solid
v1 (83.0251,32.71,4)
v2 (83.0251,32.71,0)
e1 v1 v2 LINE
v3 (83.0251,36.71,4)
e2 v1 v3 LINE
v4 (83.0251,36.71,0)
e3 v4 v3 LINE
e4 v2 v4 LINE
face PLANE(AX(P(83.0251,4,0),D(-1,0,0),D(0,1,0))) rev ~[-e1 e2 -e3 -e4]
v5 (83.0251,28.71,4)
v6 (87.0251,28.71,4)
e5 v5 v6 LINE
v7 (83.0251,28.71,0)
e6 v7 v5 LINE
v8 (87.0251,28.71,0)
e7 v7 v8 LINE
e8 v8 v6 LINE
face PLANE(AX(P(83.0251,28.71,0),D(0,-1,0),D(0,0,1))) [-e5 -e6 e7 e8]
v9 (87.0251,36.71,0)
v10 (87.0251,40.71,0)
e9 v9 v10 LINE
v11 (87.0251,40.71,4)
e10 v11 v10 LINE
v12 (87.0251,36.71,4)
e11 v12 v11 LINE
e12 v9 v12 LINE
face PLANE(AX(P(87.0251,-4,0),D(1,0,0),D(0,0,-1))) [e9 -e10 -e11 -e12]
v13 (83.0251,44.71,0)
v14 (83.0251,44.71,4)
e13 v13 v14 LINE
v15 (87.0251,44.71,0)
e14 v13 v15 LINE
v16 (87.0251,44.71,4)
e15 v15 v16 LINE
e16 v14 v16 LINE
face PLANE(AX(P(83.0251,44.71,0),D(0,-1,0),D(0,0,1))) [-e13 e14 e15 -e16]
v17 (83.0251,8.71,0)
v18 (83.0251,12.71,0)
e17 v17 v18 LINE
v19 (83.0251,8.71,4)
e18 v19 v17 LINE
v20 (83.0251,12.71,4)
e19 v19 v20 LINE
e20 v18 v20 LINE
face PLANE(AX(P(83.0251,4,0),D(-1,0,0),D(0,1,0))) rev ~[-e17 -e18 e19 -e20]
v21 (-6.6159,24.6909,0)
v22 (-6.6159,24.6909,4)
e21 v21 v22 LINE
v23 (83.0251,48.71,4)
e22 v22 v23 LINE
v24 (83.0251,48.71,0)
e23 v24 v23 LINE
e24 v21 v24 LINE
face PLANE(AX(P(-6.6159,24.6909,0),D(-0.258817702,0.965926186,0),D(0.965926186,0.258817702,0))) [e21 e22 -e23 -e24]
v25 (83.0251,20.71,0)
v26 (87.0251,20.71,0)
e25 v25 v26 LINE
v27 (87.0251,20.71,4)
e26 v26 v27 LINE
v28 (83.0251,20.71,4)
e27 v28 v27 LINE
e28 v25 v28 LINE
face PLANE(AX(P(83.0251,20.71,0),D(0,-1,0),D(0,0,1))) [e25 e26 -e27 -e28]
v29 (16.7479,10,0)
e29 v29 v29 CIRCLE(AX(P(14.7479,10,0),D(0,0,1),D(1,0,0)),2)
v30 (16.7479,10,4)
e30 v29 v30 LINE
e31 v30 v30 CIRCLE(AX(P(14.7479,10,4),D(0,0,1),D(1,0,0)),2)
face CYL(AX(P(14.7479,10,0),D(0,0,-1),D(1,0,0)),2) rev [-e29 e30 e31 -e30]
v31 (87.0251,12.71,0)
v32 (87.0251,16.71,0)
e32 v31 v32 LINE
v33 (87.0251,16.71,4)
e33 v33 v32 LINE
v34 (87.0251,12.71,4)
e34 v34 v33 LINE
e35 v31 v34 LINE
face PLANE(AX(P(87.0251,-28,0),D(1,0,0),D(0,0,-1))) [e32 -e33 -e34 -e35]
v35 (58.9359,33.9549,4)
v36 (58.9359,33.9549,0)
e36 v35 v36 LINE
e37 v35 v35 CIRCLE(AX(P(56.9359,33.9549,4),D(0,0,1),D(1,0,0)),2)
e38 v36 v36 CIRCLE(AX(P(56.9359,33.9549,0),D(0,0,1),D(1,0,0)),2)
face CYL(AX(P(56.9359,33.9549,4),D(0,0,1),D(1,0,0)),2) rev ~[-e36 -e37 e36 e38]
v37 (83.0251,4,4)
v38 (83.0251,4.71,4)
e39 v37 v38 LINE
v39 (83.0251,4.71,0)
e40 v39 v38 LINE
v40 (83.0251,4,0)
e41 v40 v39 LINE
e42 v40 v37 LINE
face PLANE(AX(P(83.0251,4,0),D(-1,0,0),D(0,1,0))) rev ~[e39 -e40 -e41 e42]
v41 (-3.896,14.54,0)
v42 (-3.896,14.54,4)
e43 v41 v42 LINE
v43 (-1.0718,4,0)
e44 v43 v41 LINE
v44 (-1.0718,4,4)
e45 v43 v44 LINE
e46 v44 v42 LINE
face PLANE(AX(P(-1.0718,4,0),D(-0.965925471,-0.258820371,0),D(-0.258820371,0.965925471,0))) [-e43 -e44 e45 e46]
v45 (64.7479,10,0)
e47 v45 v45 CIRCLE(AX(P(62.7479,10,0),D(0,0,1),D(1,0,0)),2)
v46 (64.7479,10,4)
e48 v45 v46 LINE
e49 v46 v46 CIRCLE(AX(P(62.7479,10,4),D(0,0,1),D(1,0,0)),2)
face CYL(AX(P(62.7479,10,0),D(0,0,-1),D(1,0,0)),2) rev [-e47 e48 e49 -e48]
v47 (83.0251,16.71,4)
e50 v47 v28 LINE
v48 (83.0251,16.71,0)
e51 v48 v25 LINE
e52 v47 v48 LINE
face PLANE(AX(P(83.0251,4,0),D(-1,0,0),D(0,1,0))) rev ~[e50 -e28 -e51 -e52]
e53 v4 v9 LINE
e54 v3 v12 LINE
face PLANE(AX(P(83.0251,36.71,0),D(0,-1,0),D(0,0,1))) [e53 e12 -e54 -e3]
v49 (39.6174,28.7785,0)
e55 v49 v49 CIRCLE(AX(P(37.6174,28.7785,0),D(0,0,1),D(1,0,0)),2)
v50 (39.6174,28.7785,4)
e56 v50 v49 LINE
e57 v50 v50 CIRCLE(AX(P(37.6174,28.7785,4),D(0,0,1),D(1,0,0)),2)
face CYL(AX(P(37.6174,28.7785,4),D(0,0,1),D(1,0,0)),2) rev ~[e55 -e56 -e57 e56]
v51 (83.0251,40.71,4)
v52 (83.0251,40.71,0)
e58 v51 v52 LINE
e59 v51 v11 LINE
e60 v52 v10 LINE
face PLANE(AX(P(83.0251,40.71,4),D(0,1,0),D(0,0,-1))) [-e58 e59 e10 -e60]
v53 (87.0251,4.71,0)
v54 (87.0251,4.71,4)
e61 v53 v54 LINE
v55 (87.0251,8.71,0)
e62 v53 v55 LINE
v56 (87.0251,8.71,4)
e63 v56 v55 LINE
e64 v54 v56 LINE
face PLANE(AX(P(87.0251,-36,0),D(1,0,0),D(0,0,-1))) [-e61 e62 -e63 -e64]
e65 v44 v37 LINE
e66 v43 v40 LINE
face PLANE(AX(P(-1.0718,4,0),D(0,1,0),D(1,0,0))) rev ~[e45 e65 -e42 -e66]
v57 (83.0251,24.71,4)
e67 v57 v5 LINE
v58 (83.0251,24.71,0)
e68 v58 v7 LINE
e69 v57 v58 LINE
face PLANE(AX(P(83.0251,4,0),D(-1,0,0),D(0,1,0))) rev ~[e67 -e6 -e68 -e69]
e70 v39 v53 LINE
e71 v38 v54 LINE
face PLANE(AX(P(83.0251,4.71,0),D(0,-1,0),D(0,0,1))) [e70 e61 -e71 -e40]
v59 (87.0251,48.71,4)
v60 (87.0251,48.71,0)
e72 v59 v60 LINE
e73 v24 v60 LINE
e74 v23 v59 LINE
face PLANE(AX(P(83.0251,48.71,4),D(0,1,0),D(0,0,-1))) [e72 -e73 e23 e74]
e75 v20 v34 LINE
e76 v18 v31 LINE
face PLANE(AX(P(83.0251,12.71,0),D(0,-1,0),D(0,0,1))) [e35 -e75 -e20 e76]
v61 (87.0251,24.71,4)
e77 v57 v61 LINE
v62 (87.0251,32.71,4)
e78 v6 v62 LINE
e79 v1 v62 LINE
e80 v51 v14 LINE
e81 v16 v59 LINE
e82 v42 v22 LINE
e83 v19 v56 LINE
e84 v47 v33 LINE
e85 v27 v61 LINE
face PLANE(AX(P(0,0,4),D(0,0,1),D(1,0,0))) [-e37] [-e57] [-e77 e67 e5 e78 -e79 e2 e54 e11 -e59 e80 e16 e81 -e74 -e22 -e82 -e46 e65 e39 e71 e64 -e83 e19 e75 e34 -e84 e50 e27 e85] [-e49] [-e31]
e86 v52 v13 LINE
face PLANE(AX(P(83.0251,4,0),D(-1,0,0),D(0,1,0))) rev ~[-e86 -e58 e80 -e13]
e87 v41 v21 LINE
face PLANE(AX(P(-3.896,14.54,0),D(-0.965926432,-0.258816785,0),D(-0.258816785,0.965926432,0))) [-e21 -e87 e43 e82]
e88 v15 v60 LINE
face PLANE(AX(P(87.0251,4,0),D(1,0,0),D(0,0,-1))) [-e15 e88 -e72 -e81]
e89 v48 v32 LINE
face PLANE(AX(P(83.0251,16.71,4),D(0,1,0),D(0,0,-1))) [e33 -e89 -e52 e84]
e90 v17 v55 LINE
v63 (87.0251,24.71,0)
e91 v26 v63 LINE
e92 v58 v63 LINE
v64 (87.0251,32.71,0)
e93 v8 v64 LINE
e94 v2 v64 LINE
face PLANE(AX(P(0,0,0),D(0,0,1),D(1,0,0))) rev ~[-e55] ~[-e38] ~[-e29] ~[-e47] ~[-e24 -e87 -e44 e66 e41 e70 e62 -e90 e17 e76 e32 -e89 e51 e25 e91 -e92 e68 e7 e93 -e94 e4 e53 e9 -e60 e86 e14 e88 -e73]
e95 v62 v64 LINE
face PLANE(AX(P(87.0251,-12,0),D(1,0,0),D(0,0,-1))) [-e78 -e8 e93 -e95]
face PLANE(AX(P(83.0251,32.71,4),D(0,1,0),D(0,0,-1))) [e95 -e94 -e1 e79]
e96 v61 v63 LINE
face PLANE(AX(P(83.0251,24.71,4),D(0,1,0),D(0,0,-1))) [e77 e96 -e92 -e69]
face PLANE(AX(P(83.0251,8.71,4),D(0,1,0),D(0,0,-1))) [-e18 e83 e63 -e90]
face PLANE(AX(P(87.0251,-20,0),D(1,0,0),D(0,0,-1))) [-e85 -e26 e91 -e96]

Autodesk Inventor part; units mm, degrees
ref_plane "YZ Plane" through (0, 0, 0) normal (1, 0, 0) x (0, 1, 0)
ref_plane "XZ Plane" through (0, 0, 0) normal (0, 1, 0) x (-1, 0, 0)
ref_plane "XY Plane" through (0, 0, 0) normal (0, 0, 1) x (1, 0, 0)
sketch "Эскиз1" plane through (0, 0, 0) normal (0, 0, 1) x (1, 0, 0)
  line L0 (-1.0718, 4) -> (83.0251, 4)
  circle A0 centre (14.7479, 10) radius 2
  circle A1 centre (62.7479, 10) radius 2
  line L1 (-1.0718, 4) -> (-3.896, 14.54)
  line L2 (83.0251, 4) -> (83.0251, 48.71)
  line L3 (-3.896, 14.54) -> (-6.6159, 24.6909)
  line L4 (-6.6159, 24.6909) -> (83.0251, 48.71)
  dimension "d0" = 10.509
extrude "Выдавливание1" add sketch "Эскиз1" along normal blind 4
sketch "Эскиз2" plane through (83.0251, 4, 0) normal (1, 0, 0) x (0, 0, -1)
  line L0 (-4, 0) -> (-4, 44.71) projected
  line L1 (0, 0) -> (0, 44.71) projected
  line L2 (-4, 44.71) -> (0, 44.71)
  line L3 (0, 44.71) -> (0, 40.71)
  line L4 (0, 40.71) -> (-4, 40.71)
  line L5 (-4, 40.71) -> (-4, 44.71)
  point P0 (0, -4)
  point P1 (-4, 40.71)
  dimension "d3" = 4
extrude "Выдавливание2" add sketch "Эскиз2" along normal blind 4
pattern_linear "Прямоуг.массив1" count 6 spacing 8 along (0, -1, 0) of "Выдавливание2"
sketch "Эскиз3" plane through (0, 0, 4) normal (0, 0, 1) x (1, 0, 0)
  circle A0 centre (56.9359, 33.9549) radius 2
  line L0 (-6.6159, 24.6909) -> (-1.0718, 4)
  line L1 (-1.0718, 4) -> (83.0251, 4)
  line L2 (83.0251, 4) -> (83.0251, 4.71)
  line L3 (83.0251, 4.71) -> (87.0251, 4.71)
  line L4 (87.0251, 8.71) -> (87.0251, 4.71)
  line L5 (83.0251, 8.71) -> (87.0251, 8.71)
  line L6 (83.0251, 8.71) -> (83.0251, 12.71)
  line L7 (83.0251, 12.71) -> (87.0251, 12.71)
  line L8 (87.0251, 16.71) -> (87.0251, 12.71)
  line L9 (83.0251, 16.71) -> (87.0251, 16.71)
  line L10 (83.0251, 16.71) -> (83.0251, 20.71)
  line L11 (83.0251, 20.71) -> (87.0251, 20.71)
  line L12 (87.0251, 24.71) -> (87.0251, 20.71)
  line L13 (83.0251, 24.71) -> (87.0251, 24.71)
  line L14 (83.0251, 24.71) -> (83.0251, 28.71)
  line L15 (83.0251, 28.71) -> (87.0251, 28.71)
  line L16 (87.0251, 32.71) -> (87.0251, 28.71)
  line L17 (83.0251, 32.71) -> (87.0251, 32.71)
  line L18 (83.0251, 32.71) -> (83.0251, 36.71)
  line L19 (83.0251, 36.71) -> (87.0251, 36.71)
  line L20 (87.0251, 40.71) -> (87.0251, 36.71)
  line L21 (83.0251, 40.71) -> (87.0251, 40.71)
  line L22 (83.0251, 40.71) -> (83.0251, 44.71)
  line L23 (83.0251, 44.71) -> (87.0251, 44.71)
  line L24 (87.0251, 48.71) -> (87.0251, 44.71)
  line L25 (83.0251, 48.71) -> (87.0251, 48.71)
  line L26 (83.0251, 48.71) -> (-6.6159, 24.6909)
  circle A1 centre (62.7479, 10) radius 2
  circle A2 centre (14.7479, 10) radius 2
  circle A3 centre (37.6174, 28.7785) radius 2
  point P0 (0, 0)
  point P1 (0, 0)
extrude "Выдавливание3" cut sketch "Эскиз3" against normal blind 10 contours A0 | A3
properties part number "KB33-046-004-009 - Передняя левая боковая пластина"
